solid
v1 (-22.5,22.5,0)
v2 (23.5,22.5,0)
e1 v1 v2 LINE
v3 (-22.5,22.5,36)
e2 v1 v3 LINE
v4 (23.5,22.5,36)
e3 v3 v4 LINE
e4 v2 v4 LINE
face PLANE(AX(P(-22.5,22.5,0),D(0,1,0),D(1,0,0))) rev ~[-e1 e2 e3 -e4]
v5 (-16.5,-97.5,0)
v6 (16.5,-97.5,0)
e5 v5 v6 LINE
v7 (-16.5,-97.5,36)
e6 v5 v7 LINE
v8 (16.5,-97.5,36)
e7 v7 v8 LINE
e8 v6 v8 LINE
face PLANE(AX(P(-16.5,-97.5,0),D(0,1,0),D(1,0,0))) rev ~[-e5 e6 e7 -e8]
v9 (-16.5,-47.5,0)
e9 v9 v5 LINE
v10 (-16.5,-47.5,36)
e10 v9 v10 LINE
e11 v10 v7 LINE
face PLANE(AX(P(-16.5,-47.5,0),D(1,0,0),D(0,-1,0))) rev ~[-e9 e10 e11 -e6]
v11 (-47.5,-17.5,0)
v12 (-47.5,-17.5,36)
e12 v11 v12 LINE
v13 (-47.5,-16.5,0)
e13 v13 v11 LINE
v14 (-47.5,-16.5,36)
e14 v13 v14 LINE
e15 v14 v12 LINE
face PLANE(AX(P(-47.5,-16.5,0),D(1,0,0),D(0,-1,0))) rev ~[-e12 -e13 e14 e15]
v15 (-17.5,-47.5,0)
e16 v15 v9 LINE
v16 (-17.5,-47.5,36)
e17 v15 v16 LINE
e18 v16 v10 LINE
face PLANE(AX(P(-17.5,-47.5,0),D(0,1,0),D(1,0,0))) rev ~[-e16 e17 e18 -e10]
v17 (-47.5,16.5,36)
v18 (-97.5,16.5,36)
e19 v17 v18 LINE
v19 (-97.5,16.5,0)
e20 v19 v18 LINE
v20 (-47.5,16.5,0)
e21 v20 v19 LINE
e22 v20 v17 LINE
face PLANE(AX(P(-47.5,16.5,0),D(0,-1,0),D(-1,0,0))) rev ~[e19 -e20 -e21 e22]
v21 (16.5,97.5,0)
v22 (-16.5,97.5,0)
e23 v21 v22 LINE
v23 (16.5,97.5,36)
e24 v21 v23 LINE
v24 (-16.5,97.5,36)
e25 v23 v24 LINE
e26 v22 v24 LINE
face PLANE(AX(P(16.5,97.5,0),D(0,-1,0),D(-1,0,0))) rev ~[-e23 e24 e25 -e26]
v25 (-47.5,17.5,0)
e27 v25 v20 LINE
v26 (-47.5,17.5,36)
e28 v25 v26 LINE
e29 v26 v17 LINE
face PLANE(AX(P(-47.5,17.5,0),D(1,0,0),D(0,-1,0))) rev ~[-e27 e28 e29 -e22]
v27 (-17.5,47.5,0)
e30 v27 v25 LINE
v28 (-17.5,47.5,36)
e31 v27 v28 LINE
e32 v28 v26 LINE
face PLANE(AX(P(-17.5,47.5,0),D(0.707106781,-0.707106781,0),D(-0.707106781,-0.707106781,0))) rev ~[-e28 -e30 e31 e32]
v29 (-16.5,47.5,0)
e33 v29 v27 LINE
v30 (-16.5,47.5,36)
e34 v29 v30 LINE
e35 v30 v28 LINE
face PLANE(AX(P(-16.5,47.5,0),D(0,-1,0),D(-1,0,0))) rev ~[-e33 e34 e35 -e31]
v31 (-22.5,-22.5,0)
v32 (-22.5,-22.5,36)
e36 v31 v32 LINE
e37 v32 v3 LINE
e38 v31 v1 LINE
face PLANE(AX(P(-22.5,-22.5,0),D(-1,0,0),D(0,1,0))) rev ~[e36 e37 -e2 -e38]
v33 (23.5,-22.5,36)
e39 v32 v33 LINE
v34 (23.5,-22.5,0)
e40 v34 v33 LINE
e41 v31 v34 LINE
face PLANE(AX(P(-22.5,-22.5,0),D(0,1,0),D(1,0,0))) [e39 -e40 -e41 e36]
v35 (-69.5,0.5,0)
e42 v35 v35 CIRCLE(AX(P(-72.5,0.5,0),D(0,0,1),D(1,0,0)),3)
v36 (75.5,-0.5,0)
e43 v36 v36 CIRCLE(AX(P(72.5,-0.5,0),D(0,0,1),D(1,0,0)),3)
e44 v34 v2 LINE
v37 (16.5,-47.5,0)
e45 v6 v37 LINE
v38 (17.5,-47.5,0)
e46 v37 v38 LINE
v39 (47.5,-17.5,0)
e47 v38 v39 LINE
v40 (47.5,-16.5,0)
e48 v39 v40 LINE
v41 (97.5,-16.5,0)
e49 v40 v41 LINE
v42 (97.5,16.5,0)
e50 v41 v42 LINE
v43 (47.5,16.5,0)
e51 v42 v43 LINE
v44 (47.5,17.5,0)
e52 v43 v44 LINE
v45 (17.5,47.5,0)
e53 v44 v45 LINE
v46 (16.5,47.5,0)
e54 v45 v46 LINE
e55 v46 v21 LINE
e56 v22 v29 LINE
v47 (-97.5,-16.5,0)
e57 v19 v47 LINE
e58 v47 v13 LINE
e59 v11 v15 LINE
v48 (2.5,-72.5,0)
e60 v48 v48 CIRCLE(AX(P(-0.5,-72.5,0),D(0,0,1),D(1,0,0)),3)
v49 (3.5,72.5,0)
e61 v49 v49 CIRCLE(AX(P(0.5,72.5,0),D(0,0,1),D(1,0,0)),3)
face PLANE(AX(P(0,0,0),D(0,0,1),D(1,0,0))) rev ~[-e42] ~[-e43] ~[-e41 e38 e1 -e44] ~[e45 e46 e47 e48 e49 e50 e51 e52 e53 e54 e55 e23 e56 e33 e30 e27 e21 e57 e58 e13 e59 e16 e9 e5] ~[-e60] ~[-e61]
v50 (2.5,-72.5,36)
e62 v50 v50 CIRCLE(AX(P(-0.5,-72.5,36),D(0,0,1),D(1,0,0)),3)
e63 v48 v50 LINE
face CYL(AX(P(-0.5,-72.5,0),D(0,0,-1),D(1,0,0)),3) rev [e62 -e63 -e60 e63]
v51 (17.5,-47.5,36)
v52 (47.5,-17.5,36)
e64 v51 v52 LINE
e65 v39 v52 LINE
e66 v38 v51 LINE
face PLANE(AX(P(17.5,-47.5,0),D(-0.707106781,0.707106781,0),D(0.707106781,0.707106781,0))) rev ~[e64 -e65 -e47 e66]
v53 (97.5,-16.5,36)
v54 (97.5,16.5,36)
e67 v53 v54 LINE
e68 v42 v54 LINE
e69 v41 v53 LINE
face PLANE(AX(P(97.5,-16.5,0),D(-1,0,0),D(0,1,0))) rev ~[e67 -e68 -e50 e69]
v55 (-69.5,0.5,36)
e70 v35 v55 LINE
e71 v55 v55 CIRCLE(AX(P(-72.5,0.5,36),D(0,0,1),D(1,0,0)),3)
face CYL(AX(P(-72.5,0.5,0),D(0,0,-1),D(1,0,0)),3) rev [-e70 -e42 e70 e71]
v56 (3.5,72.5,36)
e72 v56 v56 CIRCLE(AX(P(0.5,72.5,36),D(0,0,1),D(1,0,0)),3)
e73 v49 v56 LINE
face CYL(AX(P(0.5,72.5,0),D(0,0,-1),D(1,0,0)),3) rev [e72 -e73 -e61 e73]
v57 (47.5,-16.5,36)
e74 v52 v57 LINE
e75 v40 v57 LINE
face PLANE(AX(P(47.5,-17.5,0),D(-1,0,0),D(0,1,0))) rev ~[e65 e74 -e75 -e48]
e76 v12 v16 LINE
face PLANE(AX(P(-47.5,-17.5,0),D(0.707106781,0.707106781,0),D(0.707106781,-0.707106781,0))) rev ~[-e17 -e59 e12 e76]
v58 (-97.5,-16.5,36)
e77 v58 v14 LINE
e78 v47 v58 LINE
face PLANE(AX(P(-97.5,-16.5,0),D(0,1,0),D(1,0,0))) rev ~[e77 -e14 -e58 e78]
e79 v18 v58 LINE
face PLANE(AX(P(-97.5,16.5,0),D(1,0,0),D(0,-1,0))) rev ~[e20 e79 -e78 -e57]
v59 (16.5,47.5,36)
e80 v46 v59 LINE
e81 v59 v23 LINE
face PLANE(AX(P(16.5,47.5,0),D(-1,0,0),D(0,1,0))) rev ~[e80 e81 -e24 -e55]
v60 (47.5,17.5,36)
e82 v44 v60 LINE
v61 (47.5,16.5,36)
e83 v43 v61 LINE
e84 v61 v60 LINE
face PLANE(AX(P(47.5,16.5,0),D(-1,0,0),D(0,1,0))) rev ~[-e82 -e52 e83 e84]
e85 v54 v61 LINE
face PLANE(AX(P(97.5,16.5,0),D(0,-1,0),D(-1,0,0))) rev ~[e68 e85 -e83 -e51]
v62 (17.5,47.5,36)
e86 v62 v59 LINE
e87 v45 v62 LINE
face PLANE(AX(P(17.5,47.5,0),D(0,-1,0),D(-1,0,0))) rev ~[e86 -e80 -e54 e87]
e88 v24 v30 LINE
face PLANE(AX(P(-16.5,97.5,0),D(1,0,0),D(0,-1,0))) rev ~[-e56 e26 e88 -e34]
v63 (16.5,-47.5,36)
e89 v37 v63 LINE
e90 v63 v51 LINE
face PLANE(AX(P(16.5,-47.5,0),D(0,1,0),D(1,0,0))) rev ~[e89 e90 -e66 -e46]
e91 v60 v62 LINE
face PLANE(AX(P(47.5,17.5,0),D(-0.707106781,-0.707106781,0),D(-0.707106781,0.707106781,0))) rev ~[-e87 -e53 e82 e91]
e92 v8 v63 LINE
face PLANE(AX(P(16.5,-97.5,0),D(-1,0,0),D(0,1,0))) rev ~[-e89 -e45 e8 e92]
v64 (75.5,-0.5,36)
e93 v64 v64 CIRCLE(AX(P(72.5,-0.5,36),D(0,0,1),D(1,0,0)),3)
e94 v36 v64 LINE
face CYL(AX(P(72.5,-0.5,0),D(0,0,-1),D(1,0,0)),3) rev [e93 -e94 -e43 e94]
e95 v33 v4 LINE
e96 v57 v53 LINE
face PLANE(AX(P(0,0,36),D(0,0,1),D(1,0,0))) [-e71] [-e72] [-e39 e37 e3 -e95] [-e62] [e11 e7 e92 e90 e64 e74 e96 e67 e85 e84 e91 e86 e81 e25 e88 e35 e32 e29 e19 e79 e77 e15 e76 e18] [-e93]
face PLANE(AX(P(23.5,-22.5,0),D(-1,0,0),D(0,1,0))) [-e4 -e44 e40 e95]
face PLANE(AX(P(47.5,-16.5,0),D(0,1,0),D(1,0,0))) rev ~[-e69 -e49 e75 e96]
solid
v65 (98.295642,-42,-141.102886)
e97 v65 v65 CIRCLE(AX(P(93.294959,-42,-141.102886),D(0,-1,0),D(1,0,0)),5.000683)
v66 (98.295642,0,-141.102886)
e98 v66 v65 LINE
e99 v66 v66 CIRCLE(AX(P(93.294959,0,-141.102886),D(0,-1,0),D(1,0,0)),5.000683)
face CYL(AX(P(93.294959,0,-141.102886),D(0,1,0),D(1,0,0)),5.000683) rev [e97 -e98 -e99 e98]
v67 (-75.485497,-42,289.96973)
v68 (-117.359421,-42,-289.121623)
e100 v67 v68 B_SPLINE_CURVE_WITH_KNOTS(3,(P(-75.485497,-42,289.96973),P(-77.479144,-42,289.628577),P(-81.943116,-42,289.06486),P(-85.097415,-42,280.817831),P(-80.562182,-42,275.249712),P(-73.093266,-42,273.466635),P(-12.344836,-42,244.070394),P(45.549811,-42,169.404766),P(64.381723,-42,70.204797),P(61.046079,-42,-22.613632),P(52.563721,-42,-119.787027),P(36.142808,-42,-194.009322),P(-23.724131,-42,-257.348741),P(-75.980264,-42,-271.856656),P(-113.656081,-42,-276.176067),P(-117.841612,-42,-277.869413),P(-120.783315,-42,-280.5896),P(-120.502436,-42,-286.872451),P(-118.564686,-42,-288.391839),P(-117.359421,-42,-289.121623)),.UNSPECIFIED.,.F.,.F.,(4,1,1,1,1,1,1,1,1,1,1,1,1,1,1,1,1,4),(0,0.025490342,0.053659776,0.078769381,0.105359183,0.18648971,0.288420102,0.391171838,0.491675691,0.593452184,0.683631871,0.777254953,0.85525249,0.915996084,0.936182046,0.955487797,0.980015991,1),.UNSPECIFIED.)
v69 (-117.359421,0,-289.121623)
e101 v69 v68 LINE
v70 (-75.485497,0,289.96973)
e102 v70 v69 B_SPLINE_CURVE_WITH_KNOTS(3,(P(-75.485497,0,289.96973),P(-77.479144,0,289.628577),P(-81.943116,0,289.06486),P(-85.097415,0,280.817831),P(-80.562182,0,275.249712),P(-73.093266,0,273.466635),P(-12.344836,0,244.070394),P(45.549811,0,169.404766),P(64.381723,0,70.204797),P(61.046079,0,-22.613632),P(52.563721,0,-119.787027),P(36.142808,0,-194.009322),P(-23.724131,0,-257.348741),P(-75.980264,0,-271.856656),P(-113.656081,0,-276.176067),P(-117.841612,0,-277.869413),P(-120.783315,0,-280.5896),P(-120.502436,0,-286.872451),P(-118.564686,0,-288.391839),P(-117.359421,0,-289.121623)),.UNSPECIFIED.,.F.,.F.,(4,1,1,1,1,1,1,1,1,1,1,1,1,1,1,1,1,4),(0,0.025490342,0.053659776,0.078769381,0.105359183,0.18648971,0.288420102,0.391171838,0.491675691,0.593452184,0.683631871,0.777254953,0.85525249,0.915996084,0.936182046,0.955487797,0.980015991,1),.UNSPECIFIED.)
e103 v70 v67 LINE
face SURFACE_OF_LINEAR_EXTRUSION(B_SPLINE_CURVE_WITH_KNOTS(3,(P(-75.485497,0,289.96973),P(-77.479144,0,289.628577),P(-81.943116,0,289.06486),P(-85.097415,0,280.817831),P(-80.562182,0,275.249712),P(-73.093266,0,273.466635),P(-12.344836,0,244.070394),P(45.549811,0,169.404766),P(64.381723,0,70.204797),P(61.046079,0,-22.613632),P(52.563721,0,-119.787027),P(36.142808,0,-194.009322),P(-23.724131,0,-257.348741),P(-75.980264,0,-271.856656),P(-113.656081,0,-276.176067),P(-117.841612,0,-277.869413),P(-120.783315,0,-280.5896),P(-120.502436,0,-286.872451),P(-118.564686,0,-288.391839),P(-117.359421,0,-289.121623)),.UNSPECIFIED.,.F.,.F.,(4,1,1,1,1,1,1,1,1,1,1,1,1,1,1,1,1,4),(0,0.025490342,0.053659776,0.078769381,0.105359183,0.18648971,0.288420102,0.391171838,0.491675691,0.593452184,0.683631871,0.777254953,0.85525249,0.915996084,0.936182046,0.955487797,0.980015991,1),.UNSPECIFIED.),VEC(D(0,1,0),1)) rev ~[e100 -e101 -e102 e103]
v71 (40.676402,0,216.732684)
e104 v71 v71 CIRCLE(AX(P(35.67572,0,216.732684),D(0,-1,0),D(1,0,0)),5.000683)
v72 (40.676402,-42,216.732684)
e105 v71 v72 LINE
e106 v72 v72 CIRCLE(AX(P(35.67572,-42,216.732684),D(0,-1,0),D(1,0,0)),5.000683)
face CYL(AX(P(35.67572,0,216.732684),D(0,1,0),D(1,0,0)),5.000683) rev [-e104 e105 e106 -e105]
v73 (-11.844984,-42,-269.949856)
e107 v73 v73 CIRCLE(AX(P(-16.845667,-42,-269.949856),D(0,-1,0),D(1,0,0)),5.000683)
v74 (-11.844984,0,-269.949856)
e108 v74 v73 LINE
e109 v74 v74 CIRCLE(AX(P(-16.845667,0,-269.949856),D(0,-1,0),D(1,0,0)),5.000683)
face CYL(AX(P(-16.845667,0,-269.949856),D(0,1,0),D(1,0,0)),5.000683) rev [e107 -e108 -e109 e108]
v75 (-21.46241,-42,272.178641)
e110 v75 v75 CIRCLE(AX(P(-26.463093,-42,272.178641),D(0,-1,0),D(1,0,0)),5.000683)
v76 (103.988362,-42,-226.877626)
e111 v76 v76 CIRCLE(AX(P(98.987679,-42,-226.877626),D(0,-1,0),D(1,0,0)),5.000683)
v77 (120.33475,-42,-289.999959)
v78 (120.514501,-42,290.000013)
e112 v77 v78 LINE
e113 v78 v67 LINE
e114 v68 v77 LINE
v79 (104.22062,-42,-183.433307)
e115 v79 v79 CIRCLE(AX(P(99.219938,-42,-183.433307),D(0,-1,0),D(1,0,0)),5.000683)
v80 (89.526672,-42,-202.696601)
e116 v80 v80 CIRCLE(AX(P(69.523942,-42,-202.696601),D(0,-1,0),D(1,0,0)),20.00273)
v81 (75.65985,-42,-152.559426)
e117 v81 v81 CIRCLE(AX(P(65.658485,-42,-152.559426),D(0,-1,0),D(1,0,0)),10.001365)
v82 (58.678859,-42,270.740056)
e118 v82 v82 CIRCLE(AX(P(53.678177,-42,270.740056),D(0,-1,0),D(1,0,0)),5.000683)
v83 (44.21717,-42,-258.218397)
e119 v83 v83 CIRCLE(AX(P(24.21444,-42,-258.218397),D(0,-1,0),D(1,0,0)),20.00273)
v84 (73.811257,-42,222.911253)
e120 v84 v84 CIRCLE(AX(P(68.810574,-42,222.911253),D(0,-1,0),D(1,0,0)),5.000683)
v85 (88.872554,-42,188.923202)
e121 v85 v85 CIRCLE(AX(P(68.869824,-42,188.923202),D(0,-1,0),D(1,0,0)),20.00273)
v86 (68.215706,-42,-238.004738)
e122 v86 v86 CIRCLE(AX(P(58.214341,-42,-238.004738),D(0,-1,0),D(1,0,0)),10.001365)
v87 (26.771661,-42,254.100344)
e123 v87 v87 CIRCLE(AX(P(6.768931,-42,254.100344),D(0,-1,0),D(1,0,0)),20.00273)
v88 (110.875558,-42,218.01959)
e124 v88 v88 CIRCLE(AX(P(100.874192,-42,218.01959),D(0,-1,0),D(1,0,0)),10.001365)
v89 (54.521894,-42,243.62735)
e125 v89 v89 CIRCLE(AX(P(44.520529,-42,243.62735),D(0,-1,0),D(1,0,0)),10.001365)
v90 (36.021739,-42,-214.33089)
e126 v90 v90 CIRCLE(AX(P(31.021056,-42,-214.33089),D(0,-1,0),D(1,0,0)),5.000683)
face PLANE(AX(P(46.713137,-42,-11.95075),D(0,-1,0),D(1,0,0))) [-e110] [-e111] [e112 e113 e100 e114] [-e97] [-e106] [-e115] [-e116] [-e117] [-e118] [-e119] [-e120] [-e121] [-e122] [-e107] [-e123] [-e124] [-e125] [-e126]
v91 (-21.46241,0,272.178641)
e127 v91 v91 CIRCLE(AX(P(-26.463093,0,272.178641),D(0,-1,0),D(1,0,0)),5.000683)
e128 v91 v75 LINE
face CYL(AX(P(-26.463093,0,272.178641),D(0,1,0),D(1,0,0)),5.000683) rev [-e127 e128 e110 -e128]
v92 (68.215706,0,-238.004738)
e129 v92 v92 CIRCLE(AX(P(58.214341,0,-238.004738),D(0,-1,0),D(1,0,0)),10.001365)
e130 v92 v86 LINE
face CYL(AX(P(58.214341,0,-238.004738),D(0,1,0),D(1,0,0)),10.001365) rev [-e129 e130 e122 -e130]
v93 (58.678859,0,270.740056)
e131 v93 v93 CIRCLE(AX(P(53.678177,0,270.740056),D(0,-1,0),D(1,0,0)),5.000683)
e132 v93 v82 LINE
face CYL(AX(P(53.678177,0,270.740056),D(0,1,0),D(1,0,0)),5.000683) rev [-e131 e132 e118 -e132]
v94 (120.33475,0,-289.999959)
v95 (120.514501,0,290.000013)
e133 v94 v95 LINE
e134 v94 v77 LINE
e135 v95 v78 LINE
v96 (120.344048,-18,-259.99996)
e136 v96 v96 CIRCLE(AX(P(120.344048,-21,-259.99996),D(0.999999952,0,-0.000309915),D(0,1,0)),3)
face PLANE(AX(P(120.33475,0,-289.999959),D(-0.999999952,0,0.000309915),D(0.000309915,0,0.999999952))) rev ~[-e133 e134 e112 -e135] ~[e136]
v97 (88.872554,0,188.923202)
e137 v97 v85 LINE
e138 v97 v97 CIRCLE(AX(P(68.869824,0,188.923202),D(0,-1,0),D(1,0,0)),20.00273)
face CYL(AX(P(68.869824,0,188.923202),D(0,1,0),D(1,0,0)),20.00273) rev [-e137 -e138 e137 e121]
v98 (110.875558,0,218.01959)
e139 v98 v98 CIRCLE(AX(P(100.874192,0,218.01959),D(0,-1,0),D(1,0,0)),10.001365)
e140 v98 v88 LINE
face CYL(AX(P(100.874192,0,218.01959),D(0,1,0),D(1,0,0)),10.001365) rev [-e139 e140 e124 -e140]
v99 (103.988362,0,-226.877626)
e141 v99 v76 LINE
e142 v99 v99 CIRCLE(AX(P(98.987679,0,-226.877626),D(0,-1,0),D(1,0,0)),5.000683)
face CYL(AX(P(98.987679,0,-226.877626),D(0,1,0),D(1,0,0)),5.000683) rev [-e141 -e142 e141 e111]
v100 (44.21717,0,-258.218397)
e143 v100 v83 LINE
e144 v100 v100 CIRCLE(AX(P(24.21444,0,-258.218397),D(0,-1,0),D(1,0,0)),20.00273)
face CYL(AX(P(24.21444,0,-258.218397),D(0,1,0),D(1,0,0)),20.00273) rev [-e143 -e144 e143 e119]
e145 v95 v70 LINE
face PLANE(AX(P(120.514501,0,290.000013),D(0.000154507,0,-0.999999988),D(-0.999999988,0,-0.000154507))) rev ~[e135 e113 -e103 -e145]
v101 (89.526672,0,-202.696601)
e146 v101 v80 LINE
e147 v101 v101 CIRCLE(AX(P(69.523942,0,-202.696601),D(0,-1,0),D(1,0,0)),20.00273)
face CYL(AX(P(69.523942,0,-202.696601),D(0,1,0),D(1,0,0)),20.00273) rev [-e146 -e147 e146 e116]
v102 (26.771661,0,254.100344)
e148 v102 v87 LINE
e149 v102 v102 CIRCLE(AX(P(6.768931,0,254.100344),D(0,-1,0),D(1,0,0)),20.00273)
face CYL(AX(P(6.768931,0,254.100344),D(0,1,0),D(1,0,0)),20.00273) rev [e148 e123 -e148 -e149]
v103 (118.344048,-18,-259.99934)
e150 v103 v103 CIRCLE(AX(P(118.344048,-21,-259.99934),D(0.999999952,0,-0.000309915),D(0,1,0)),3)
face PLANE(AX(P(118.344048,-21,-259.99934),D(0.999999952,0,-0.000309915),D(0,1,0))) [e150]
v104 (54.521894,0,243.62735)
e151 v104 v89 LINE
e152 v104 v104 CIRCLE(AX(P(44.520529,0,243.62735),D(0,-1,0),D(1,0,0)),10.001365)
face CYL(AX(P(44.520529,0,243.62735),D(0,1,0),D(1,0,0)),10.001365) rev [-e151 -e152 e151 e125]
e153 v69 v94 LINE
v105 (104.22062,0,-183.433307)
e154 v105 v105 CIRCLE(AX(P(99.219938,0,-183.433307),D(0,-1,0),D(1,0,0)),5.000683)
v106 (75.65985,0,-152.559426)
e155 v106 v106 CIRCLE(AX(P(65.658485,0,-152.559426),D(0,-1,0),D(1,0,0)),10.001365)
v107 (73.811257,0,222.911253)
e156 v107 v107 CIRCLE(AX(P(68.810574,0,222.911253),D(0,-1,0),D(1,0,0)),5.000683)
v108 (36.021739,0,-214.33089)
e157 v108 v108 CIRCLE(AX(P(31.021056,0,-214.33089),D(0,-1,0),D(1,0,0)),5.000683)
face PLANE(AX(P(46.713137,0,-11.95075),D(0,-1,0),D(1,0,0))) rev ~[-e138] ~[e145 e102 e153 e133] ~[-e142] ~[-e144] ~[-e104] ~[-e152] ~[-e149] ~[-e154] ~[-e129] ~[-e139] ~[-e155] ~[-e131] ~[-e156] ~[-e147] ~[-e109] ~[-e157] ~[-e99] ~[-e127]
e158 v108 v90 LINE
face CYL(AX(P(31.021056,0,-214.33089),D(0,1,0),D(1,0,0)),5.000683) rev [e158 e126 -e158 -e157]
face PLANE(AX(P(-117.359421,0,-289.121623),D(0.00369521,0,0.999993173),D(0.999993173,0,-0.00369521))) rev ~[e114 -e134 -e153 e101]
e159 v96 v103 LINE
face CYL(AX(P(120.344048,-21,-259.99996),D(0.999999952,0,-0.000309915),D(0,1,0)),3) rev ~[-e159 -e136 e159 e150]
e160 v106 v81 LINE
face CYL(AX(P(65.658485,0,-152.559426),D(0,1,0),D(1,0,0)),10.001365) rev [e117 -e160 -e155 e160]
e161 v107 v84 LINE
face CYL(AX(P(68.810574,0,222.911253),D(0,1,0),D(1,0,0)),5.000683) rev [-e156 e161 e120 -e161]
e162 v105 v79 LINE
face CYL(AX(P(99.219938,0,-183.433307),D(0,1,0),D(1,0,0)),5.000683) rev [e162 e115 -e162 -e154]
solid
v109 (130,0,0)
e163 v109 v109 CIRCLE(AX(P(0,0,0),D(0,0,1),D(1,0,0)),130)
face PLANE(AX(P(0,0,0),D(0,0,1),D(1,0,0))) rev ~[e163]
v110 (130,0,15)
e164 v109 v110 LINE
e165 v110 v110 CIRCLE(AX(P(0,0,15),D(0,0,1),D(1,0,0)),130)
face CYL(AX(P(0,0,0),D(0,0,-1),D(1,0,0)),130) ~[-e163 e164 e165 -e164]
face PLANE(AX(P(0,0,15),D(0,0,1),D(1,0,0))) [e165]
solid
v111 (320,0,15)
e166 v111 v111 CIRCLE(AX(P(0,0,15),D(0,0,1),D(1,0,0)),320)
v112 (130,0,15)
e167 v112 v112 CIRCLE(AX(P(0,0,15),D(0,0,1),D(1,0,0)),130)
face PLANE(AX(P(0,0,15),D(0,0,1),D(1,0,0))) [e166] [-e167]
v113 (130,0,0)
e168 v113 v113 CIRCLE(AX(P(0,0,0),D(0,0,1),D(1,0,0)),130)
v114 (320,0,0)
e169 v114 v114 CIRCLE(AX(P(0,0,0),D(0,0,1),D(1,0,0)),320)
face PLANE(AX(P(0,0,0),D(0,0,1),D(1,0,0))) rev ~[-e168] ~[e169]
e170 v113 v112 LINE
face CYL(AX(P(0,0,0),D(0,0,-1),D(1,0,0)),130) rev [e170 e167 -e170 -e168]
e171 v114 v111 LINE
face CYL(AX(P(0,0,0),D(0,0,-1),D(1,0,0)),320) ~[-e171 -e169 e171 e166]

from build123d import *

# Parameters (mm, degrees)
F0_R     = 5.0006825341
F0_R_2   = 20.0027301364
F0_R_3   = 10.0013650682
F1_DEPTH = 42
F2_R     = 3
F2_W     = 46
F2_H     = 45
F3_DEPTH = 36
F4_R     = 130
F5_DEPTH = 15
F4_R_2   = 320
F6_DEPTH = 15
F7_R     = 3
F8_DEPTH = 2


with BuildPart() as f1:
    # F0 (on Front) → F1 (new body)
    with BuildSketch(Plane.XZ):
        with BuildLine():
            Line((120.3347502506, -289.9999587254), (120.5145007844, 290.000013421))
            Line((120.5145007844, 290.000013421), (-75.4854968761, 289.9697300736))
            add(Edge.make_bspline(
                [(-75.4854968761, 289.9697300736), (-77.4791444691, 289.6285774287), (-81.9431155451, 289.0648604222), (-85.097414924, 280.8178308538), (-80.5621815737, 275.249712008), (-73.0932655501, 273.4666354967), (-12.3448356318, 244.070394152), (45.5498113474, 169.4047663364), (64.3817232378, 70.2047966384), (61.0460791266, -22.6136318196), (52.5637214973, -119.7870268055), (36.1428084535, -194.0093221354), (-23.7241306275, -257.3487413797), (-75.9802644725, -271.8566558705), (-113.6560810378, -276.1760671207), (-117.8416120061, -277.8694125254), (-120.7833145434, -280.589599916), (-120.5024355824, -286.8724508682), (-118.5646862194, -288.3918386569), (-117.3594213633, -289.121622801)],
                knots=[0, 0, 0, 0, 0.0254903417, 0.0536597759, 0.0787693812, 0.1053591828, 0.1864897102, 0.2884201015, 0.3911718385, 0.4916756909, 0.5934521844, 0.6836318709, 0.7772549526, 0.85525249, 0.9159960843, 0.9361820461, 0.9554877968, 0.9800159909, 1, 1, 1, 1], degree=3))
            Line((-117.3594213633, -289.121622801), (120.3347502506, -289.9999587254))
        make_face()
        with Locations((-16.8456668925, -269.9498559673)):
            Circle(F0_R, mode=Mode.SUBTRACT)
        with Locations((24.2144403272, -258.2183967616)):
            Circle(F0_R_2, mode=Mode.SUBTRACT)
        with Locations((58.2143409121, -238.0047378359)):
            Circle(F0_R_3, mode=Mode.SUBTRACT)
        with Locations((31.0210563499, -214.3308896352)):
            Circle(F0_R, mode=Mode.SUBTRACT)
        with Locations((98.9876789912, -226.8776261166)):
            Circle(F0_R, mode=Mode.SUBTRACT)
        with Locations((69.523941539, -202.6966006922)):
            Circle(F0_R_2, mode=Mode.SUBTRACT)
        with Locations((65.6584849498, -152.5594255599)):
            Circle(F0_R_3, mode=Mode.SUBTRACT)
        with Locations((99.2199376917, -183.4333074802)):
            Circle(F0_R, mode=Mode.SUBTRACT)
        with Locations((93.2949590021, -141.1028858775)):
            Circle(F0_R, mode=Mode.SUBTRACT)
        with Locations((-26.4630925576, 272.17864117)):
            Circle(F0_R, mode=Mode.SUBTRACT)
        with Locations((35.6757196564, 216.7326844517)):
            Circle(F0_R, mode=Mode.SUBTRACT)
        with Locations((6.7689312212, 254.1003436959)):
            Circle(F0_R_2, mode=Mode.SUBTRACT)
        with Locations((44.5205288684, 243.627350256)):
            Circle(F0_R_3, mode=Mode.SUBTRACT)
        with Locations((53.6781767792, 270.7400558201)):
            Circle(F0_R, mode=Mode.SUBTRACT)
        with Locations((68.8698242597, 188.9232017858)):
            Circle(F0_R_2, mode=Mode.SUBTRACT)
        with Locations((68.8105741728, 222.9112527533)):
            Circle(F0_R, mode=Mode.SUBTRACT)
        with Locations((100.874192478, 218.0195900991)):
            Circle(F0_R_3, mode=Mode.SUBTRACT)
    extrude(amount=F1_DEPTH)

    # F7 (on face) → F8 (cut)
    with BuildSketch(Plane(origin=(120.4246139426, 0, -0.0373213615), x_dir=(0, 1, 0), z_dir=(0.999999952, 0, -0.0003099147))):
        with Locations((-21, -259.9626512889)):
            Circle(F7_R)
    extrude(amount=-F8_DEPTH, mode=Mode.SUBTRACT)


with BuildPart() as f3:
    # F2 (on Top) → F3 (new body)
    with BuildSketch(Plane.XY):
        Polygon((-16.5, -97.5), (16.5, -97.5), (16.5, -47.5), (17.5, -47.5), (47.5, -17.5), (47.5, -16.5), (97.5, -16.5), (97.5, 16.5), (47.5, 16.5), (47.5, 17.5), (17.5, 47.5), (16.5, 47.5), (16.5, 97.5), (-16.5, 97.5), (-16.5, 47.5), (-17.5, 47.5), (-47.5, 17.5), (-47.5, 16.5), (-97.5, 16.5), (-97.5, -16.5), (-47.5, -16.5), (-47.5, -17.5), (-17.5, -47.5), (-16.5, -47.5), align=None)
        with Locations((-0.5, -72.5)):
            Circle(F2_R, mode=Mode.SUBTRACT)
        with Locations((72.5, -0.5)):
            Circle(F2_R, mode=Mode.SUBTRACT)
        with Locations((-72.5, 0.5)):
            Circle(F2_R, mode=Mode.SUBTRACT)
        with Locations((0.5, 0)):
            Rectangle(F2_W, F2_H, mode=Mode.SUBTRACT)
        with Locations((0.5, 72.5)):
            Circle(F2_R, mode=Mode.SUBTRACT)
    extrude(amount=F3_DEPTH)


with BuildPart() as f5:
    # F4 (on Top) → F5 (new body)
    with BuildSketch(Plane.XY):
        Circle(F4_R)
    extrude(amount=F5_DEPTH)


with BuildPart() as f6:
    # F4 (on Top) → F6 (new body)
    with BuildSketch(Plane.XY):
        Circle(F4_R_2)
        Circle(F4_R, mode=Mode.SUBTRACT)
    extrude(amount=F6_DEPTH)


solid = Compound([f1.part, f3.part, f5.part, f6.part])
